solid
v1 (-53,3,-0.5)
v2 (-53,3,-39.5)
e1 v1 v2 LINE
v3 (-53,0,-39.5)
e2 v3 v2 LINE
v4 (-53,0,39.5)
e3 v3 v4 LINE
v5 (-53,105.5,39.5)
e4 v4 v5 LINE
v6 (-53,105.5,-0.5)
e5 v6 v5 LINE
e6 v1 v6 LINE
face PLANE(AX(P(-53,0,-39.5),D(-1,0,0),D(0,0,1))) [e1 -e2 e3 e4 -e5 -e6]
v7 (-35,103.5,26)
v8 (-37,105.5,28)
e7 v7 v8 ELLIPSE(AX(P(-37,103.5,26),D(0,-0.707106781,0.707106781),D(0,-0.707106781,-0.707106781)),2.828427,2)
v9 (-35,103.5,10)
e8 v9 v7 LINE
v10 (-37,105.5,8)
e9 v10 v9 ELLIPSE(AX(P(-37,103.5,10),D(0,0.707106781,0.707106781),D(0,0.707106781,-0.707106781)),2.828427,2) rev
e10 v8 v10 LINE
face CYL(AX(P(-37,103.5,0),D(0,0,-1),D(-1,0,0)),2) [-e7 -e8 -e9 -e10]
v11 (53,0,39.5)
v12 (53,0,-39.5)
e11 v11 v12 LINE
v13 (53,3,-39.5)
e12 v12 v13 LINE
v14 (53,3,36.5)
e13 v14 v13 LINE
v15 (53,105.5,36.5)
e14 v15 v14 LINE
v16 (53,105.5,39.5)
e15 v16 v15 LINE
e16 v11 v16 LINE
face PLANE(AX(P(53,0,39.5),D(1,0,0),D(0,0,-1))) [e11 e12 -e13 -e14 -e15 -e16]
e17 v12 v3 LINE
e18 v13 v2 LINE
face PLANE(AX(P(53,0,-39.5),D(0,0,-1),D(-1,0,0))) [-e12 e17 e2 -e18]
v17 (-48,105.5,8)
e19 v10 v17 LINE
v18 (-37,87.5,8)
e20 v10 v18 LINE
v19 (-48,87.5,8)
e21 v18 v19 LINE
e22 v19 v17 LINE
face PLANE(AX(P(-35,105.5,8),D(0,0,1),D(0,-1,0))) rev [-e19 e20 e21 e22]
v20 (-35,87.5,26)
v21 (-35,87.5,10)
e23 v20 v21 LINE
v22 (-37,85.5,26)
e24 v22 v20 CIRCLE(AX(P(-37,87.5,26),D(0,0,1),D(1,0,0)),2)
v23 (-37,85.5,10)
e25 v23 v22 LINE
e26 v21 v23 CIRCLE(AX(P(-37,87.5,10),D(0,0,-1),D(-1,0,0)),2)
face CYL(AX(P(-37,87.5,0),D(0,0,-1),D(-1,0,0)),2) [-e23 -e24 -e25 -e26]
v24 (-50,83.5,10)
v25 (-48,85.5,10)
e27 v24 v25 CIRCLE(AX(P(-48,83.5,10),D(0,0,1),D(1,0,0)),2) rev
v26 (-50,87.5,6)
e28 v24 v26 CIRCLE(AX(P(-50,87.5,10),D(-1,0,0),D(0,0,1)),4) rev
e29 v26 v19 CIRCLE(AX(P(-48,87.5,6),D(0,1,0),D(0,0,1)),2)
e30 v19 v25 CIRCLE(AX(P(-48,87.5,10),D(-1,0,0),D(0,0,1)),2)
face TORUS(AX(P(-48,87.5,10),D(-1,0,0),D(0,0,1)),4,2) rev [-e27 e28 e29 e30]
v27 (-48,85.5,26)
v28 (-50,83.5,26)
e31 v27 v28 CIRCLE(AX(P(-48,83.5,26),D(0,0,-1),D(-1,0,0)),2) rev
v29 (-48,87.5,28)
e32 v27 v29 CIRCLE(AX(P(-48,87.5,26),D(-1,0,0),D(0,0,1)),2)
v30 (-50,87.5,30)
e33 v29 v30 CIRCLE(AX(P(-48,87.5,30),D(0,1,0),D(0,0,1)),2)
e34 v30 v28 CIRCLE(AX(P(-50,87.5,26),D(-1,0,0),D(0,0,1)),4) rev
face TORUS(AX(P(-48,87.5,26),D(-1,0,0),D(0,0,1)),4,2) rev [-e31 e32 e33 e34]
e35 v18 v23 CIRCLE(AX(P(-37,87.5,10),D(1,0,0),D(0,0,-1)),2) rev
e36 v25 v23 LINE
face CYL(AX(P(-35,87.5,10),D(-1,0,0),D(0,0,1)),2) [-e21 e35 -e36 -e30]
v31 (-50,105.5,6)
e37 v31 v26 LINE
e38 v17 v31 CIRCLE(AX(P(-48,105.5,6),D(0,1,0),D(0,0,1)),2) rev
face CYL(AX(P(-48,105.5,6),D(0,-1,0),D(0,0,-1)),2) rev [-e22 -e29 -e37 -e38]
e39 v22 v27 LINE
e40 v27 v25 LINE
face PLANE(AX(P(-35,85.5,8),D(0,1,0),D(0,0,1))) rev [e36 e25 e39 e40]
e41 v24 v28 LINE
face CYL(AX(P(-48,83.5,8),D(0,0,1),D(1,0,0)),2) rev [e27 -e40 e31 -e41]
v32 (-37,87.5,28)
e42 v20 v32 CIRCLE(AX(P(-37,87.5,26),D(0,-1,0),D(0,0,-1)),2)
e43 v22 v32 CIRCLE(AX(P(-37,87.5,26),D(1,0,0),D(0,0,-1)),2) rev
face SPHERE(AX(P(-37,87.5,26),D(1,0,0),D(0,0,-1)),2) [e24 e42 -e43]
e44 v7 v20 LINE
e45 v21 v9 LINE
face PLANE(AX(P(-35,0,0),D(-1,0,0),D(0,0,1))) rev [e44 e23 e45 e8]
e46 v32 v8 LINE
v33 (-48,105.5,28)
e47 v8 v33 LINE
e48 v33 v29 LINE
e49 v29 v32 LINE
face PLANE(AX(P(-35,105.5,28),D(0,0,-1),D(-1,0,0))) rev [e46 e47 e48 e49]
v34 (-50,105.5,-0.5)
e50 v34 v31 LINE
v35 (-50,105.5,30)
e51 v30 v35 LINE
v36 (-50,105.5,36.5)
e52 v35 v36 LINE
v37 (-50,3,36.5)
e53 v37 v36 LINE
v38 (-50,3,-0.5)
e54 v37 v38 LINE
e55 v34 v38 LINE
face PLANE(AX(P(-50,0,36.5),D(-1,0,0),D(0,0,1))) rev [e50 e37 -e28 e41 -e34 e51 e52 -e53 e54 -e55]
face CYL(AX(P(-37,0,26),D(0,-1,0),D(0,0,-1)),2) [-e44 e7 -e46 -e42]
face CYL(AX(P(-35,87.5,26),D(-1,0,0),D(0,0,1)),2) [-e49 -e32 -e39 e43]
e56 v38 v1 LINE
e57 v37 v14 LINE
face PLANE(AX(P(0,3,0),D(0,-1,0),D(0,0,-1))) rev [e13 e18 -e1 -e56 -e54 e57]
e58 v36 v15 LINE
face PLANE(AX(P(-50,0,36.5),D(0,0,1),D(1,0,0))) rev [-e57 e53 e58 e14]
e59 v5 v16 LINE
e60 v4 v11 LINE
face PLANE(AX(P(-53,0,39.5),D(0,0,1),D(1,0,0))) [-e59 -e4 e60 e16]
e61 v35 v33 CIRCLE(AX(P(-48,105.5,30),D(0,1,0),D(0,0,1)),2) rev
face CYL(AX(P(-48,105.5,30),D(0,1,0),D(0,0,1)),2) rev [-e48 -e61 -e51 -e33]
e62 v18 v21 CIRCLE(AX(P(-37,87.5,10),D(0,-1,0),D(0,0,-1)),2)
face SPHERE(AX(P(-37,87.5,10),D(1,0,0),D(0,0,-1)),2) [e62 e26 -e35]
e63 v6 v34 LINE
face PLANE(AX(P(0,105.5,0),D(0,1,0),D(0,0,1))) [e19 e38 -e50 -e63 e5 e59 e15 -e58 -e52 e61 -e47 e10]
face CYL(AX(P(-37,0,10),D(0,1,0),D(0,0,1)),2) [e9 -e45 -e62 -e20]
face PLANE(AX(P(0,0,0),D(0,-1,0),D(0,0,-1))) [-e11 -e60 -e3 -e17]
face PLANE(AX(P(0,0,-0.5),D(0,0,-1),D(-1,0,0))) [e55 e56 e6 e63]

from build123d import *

# Parameters (mm, degrees)
SKETCH1_W                = 100
SKETCH1_H                = 73
BOSS_EXTRUDE1_DEPTH      = 3
BOSS_EXTRUDE2_DEPTH      = 102.5
BOSS_EXTRUDE2_DEPTH_BACK = 3
SKETCH2_W                = 106
SKETCH2_H                = 79
SKETCH2_W_2              = 100
SKETCH2_H_2              = 73
SKETCH3_W                = 106
SKETCH3_H                = 102.5
CUT_EXTRUDE1_DEPTH       = 39
CUT_EXTRUDE2_REACH       = 156.682
SKETCH4_W                = 37
SKETCH4_H                = 102.5
SKETCH5_W                = 20
SKETCH5_H                = 20
BOSS_EXTRUDE3_DEPTH      = 15
FILLET1_R                = 2


with BuildPart() as part:
    # Sketch1 → Boss-Extrude1 (new body)
    with BuildSketch(Plane(origin=(0, 0, 0), x_dir=(1, 0, 0), z_dir=(0, 1, 0))):
        Rectangle(SKETCH1_W, SKETCH1_H)
    extrude(amount=BOSS_EXTRUDE1_DEPTH)

    # Sketch2 → Boss-Extrude2 (add, two sides: drawn at the far end of the back side and taken through both)
    with BuildSketch(Plane(origin=(0, 3, 0), x_dir=(1, 0, 0), z_dir=(0, 1, 0)).offset(-BOSS_EXTRUDE2_DEPTH_BACK)):
        Rectangle(SKETCH2_W, SKETCH2_H)
        Rectangle(SKETCH2_W_2, SKETCH2_H_2, mode=Mode.SUBTRACT)
    extrude(amount=BOSS_EXTRUDE2_DEPTH + BOSS_EXTRUDE2_DEPTH_BACK)

    # Sketch3 → Cut-Extrude1 (cut)
    with BuildSketch(Plane(origin=(0, 0, -39.5), x_dir=(-1, 0, 0), z_dir=(0, 0, -1))):
        with Locations((0, 54.25)):
            Rectangle(SKETCH3_W, SKETCH3_H)
    extrude(amount=-CUT_EXTRUDE1_DEPTH, mode=Mode.SUBTRACT)

    # Sketch4 → Cut-Extrude2 (cut, up to next)
    with BuildSketch(Plane(origin=(53, 0, 0), x_dir=(0, 0, -1), z_dir=(1, 0, 0)), mode=Mode.PRIVATE) as cut_extrude2_sk1:
        with Locations((-18, 54.25)):
            Rectangle(SKETCH4_W, SKETCH4_H)
    cut_extrude2_tool1 = extrude(cut_extrude2_sk1.sketch, amount=-CUT_EXTRUDE2_REACH, mode=Mode.PRIVATE) & part.part
    add(cut_extrude2_tool1.solids().sort_by_distance((53, 54.25, 18))[0], mode=Mode.SUBTRACT)

    # Sketch5 → Boss-Extrude3 (add)
    with BuildSketch(Plane(origin=(-50, 0, 0), x_dir=(0, 0, -1), z_dir=(1, 0, 0))):
        with Locations((-18, 95.5)):
            Rectangle(SKETCH5_W, SKETCH5_H)
    extrude(amount=BOSS_EXTRUDE3_DEPTH)

    # Fillet1
    fillet1_edges = [part.edges().sort_by_distance(p)[0] for p in [
        (-50, 95.5, 8),
        (-42.5, 85.5, 8),
        (-50, 95.5, 28),
        (-50, 85.5, 18),
        (-42.5, 85.5, 28),
        (-35, 95.5, 8),
        (-35, 105.5, 18),
        (-35, 95.5, 28),
        (-35, 85.5, 18),
    ]]
    fillet(fillet1_edges, radius=FILLET1_R)


solid = part.part
